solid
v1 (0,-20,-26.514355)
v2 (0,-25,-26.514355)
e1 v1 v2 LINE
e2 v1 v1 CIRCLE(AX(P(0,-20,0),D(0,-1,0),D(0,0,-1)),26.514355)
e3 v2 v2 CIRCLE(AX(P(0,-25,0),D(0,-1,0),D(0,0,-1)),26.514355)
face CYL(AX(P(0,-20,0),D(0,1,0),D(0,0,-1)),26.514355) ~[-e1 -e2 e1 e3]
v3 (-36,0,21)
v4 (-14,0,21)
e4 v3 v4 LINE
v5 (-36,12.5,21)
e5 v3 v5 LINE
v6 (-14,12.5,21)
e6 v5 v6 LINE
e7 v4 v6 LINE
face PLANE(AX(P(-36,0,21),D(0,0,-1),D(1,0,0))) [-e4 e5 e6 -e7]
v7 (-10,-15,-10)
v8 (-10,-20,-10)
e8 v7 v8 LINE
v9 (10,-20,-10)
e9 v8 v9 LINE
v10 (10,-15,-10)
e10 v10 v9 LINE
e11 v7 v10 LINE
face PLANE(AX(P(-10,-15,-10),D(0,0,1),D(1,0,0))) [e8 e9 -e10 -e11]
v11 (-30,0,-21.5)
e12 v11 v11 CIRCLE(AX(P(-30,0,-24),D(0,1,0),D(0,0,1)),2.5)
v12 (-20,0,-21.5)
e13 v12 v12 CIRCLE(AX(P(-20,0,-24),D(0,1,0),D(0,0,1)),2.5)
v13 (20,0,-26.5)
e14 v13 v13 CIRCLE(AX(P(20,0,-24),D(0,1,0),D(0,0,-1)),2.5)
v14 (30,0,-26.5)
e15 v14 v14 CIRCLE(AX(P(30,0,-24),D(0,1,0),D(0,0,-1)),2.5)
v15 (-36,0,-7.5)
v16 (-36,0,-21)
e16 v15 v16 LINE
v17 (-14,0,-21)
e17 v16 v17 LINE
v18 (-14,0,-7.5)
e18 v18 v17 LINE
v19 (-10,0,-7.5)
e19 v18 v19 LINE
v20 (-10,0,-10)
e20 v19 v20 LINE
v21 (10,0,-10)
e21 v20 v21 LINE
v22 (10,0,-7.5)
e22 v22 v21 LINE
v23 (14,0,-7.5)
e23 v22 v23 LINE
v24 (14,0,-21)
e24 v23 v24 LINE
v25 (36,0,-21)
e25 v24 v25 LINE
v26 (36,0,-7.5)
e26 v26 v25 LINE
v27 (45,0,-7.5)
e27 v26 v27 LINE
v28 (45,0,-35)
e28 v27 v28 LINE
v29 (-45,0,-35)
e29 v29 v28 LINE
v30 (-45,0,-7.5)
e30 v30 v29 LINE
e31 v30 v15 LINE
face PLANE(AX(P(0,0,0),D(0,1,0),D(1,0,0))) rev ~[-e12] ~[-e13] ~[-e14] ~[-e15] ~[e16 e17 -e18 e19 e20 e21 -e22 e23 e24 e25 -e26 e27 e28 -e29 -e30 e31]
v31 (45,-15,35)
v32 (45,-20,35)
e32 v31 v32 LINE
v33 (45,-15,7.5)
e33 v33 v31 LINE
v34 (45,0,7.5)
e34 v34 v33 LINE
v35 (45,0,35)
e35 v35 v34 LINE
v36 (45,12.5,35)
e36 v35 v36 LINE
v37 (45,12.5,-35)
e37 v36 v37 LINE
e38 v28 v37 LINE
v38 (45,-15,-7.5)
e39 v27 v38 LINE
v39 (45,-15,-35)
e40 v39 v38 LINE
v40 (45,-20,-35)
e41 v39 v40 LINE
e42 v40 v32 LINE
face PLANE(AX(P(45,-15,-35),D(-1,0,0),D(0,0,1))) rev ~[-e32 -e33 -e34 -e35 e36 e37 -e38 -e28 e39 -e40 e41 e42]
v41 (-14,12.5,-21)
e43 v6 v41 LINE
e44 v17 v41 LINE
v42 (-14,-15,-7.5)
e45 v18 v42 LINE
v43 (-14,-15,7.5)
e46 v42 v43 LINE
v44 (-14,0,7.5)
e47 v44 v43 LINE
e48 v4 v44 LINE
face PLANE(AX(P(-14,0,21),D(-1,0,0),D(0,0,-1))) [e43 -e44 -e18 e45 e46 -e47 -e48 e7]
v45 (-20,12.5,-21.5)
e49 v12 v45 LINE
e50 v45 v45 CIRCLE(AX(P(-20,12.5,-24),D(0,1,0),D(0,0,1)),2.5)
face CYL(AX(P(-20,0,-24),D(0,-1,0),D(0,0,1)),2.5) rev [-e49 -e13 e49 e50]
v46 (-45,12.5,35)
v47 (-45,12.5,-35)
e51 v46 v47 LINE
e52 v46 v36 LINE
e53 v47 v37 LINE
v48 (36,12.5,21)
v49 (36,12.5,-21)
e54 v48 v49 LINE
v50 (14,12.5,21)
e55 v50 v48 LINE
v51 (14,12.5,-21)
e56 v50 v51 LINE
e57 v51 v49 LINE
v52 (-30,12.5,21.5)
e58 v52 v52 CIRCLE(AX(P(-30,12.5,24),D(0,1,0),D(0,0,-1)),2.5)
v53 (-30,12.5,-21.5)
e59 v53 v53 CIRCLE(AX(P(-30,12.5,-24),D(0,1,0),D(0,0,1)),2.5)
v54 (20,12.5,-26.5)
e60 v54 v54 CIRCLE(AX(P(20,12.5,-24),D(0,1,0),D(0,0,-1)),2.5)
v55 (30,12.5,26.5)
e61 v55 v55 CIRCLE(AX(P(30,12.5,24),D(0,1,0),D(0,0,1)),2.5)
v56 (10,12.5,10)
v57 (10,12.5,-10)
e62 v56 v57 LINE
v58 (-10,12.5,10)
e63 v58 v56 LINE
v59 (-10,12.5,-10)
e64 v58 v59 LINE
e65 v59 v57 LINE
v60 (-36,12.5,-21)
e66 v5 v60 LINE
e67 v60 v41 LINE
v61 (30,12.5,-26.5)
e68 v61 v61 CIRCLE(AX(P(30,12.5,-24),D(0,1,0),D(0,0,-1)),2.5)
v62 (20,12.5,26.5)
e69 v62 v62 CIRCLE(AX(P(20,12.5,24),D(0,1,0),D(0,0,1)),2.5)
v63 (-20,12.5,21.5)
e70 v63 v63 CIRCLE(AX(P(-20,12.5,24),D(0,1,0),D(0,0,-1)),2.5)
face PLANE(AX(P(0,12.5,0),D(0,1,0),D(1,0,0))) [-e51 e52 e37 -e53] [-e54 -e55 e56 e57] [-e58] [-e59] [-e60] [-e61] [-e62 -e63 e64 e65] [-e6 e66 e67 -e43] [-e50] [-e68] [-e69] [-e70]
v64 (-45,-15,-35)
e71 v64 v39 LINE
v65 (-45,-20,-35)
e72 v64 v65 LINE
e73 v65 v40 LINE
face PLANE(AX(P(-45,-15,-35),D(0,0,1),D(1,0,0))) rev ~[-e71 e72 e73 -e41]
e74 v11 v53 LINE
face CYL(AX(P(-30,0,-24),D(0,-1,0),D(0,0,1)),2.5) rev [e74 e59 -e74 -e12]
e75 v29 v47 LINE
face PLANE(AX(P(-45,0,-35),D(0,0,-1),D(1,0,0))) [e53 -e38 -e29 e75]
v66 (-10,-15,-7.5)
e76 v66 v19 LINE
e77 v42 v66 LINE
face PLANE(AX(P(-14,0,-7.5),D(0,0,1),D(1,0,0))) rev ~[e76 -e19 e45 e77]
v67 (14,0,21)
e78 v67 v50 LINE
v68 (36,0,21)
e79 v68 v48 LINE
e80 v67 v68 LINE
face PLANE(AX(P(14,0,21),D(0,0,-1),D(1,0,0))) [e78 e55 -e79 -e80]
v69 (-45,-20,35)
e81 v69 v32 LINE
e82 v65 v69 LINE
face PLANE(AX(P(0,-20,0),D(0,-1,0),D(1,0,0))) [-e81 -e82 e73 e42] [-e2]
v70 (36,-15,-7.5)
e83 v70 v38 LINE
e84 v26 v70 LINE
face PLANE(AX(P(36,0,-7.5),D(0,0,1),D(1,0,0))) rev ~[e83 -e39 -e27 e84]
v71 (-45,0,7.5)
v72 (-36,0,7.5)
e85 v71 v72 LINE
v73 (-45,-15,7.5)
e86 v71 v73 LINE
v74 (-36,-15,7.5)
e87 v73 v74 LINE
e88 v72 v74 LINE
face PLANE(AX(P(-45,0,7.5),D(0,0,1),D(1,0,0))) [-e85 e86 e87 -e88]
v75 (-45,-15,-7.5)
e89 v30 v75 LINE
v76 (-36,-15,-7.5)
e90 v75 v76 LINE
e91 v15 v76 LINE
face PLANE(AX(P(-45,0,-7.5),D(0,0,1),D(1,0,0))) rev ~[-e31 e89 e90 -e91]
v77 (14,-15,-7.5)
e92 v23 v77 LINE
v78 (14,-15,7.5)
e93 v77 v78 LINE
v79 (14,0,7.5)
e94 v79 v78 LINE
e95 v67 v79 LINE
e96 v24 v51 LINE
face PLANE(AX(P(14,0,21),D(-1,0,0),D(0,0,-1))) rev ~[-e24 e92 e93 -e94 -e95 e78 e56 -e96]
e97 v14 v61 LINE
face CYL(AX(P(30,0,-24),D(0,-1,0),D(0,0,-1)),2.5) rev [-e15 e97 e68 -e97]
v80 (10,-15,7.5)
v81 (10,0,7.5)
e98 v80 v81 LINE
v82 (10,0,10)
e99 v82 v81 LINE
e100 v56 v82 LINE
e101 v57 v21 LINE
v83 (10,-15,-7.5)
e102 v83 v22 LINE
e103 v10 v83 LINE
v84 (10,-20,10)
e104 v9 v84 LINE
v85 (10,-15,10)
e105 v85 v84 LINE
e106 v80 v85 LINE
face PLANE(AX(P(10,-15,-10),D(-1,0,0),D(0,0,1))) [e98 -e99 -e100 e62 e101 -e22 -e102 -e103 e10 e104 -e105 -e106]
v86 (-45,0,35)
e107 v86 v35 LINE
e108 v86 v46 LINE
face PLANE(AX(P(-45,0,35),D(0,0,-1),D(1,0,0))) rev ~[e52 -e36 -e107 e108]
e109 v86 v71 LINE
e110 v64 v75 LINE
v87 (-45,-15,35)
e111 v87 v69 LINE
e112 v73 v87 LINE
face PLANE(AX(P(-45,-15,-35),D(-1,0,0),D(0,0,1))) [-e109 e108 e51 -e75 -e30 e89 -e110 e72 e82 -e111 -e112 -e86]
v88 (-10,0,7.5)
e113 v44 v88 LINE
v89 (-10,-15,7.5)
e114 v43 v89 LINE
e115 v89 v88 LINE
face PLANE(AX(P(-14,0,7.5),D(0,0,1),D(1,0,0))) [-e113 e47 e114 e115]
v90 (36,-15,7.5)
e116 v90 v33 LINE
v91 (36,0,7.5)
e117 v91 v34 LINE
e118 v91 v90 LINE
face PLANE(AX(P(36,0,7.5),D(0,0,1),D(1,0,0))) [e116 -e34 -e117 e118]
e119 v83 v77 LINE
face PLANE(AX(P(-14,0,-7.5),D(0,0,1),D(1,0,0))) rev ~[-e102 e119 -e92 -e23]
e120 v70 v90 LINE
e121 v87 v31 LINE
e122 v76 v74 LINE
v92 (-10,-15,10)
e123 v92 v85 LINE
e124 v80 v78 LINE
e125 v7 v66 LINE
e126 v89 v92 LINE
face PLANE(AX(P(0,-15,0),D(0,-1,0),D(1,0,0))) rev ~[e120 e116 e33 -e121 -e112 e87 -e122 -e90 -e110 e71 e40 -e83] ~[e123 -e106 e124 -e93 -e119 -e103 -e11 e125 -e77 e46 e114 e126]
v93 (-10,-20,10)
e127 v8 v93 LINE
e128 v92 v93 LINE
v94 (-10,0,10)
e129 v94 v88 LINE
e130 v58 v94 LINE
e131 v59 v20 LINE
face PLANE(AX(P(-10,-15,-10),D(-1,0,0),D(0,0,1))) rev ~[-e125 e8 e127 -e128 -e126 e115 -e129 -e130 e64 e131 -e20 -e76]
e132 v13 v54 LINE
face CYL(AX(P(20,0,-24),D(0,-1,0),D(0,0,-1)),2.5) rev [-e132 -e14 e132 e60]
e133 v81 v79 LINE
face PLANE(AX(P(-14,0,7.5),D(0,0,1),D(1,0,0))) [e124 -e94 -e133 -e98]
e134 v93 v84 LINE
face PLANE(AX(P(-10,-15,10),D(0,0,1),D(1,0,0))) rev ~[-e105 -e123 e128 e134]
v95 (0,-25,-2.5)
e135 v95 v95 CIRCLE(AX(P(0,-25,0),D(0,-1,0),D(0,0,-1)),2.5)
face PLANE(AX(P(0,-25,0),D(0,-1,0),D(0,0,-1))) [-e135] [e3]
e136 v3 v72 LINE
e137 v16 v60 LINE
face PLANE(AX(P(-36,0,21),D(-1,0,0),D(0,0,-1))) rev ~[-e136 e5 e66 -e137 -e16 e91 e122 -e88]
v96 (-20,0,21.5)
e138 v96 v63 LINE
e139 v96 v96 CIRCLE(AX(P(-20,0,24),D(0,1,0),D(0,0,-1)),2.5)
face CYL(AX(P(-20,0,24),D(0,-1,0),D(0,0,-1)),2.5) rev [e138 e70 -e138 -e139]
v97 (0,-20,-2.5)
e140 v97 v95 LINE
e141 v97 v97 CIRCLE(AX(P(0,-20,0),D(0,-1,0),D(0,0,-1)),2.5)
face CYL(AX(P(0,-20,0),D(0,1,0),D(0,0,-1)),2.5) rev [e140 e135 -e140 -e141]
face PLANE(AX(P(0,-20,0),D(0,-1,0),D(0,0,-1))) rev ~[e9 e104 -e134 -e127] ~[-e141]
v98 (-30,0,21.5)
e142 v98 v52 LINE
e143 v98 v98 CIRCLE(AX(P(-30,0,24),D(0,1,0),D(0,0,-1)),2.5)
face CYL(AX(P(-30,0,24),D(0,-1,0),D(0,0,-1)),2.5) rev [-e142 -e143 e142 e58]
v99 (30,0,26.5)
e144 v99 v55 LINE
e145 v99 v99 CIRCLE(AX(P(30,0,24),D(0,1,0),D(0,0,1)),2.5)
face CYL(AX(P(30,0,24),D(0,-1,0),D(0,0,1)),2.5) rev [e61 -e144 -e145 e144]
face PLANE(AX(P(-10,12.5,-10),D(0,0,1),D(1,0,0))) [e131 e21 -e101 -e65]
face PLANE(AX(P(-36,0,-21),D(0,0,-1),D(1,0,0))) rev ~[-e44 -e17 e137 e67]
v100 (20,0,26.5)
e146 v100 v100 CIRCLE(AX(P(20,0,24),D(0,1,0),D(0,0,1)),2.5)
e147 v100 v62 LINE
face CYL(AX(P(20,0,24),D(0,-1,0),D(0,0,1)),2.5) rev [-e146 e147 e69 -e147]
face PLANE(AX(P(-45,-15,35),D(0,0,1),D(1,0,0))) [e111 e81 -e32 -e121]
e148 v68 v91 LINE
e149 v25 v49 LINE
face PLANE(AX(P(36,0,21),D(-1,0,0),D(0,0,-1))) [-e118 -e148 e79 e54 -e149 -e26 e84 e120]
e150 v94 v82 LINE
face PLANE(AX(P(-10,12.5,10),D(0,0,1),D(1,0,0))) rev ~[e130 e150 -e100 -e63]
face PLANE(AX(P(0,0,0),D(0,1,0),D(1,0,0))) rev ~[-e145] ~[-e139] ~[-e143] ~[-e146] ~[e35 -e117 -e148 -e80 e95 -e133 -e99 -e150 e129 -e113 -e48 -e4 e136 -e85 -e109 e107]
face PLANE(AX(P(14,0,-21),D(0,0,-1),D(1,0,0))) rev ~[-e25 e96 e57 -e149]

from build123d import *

# Parameters (mm, degrees)
SKETCH1_W           = 90
SKETCH1_H           = 70
SKETCH1_R           = 2.5
SKETCH1_W_2         = 22
SKETCH1_H_2         = 42
BOSS_EXTRUDE1_DEPTH = 12.5
SKETCH3_W           = 9
SKETCH3_H           = 15
SKETCH3_W_2         = 28
BOSS_EXTRUDE2_DEPTH = 15
SKETCH4_W           = 20
SKETCH4_H           = 20
CUT_EXTRUDE1_DEPTH  = 64.294944506
SKETCH7_W           = 90
SKETCH7_H           = 70
SKETCH7_W_2         = 20
SKETCH7_H_2         = 20
BOSS_EXTRUDE3_DEPTH = 5
SKETCH8_R           = 26.514354508
SKETCH8_R_2         = 2.5
BOSS_EXTRUDE4_DEPTH = 5


with BuildPart() as part:
    # Sketch1 → Boss-Extrude1 (new body)
    with BuildSketch(Plane(origin=(0, 0, 0), x_dir=(1, 0, 0), z_dir=(0, 1, 0))):
        Rectangle(SKETCH1_W, SKETCH1_H)
        with Locations(Location((-30, 24, 0), (0, 0, 270))):
            Circle(SKETCH1_R, mode=Mode.SUBTRACT)
        with Locations(Location((-20, 24, 0), (0, 0, 270))):
            Circle(SKETCH1_R, mode=Mode.SUBTRACT)
        with Locations(Location((-20, -24, 0), (0, 0, 90))):
            Circle(SKETCH1_R, mode=Mode.SUBTRACT)
        with Locations(Location((-30, -24, 0), (0, 0, 90))):
            Circle(SKETCH1_R, mode=Mode.SUBTRACT)
        with Locations(Location((20, -24, 0), (0, 0, 270))):
            Circle(SKETCH1_R, mode=Mode.SUBTRACT)
        with Locations(Location((30, -24, 0), (0, 0, 270))):
            Circle(SKETCH1_R, mode=Mode.SUBTRACT)
        with Locations(Location((20, 24, 0), (0, 0, 90))):
            Circle(SKETCH1_R, mode=Mode.SUBTRACT)
        with Locations(Location((30, 24, 0), (0, 0, 90))):
            Circle(SKETCH1_R, mode=Mode.SUBTRACT)
        with Locations((-25, 0)):
            Rectangle(SKETCH1_W_2, SKETCH1_H_2, mode=Mode.SUBTRACT)
        with Locations((25, 0)):
            Rectangle(SKETCH1_W_2, SKETCH1_H_2, mode=Mode.SUBTRACT)
    extrude(amount=BOSS_EXTRUDE1_DEPTH)

    # Sketch3 → Boss-Extrude2 (add)
    with BuildSketch(Plane.XZ):
        with Locations((-40.5, 0)):
            Rectangle(SKETCH3_W, SKETCH3_H)
        Rectangle(SKETCH3_W_2, SKETCH3_H)
        with Locations((40.5, 0)):
            Rectangle(SKETCH3_W, SKETCH3_H)
    extrude(amount=BOSS_EXTRUDE2_DEPTH)

    # Sketch4 → Cut-Extrude1 (cut, through all)
    with BuildSketch(Plane(origin=(0, 12.5, 0), x_dir=(1, 0, 0), z_dir=(0, 1, 0))):
        Rectangle(SKETCH4_W, SKETCH4_H)
    extrude(amount=-CUT_EXTRUDE1_DEPTH, mode=Mode.SUBTRACT)

    # Sketch7 → Boss-Extrude3 (add)
    with BuildSketch(Plane.XZ.offset(15)):
        Rectangle(SKETCH7_W, SKETCH7_H)
        Rectangle(SKETCH7_W_2, SKETCH7_H_2, mode=Mode.SUBTRACT)
    extrude(amount=BOSS_EXTRUDE3_DEPTH)

    # Sketch8 → Boss-Extrude4 (add)
    with BuildSketch(Plane.XZ.offset(20)):
        with Locations(Location((0, 0, 0), (0, 0, 270))):
            Circle(SKETCH8_R)
        with Locations(Location((0, 0, 0), (0, 0, 270))):
            Circle(SKETCH8_R_2, mode=Mode.SUBTRACT)
    extrude(amount=BOSS_EXTRUDE4_DEPTH)


solid = part.part
